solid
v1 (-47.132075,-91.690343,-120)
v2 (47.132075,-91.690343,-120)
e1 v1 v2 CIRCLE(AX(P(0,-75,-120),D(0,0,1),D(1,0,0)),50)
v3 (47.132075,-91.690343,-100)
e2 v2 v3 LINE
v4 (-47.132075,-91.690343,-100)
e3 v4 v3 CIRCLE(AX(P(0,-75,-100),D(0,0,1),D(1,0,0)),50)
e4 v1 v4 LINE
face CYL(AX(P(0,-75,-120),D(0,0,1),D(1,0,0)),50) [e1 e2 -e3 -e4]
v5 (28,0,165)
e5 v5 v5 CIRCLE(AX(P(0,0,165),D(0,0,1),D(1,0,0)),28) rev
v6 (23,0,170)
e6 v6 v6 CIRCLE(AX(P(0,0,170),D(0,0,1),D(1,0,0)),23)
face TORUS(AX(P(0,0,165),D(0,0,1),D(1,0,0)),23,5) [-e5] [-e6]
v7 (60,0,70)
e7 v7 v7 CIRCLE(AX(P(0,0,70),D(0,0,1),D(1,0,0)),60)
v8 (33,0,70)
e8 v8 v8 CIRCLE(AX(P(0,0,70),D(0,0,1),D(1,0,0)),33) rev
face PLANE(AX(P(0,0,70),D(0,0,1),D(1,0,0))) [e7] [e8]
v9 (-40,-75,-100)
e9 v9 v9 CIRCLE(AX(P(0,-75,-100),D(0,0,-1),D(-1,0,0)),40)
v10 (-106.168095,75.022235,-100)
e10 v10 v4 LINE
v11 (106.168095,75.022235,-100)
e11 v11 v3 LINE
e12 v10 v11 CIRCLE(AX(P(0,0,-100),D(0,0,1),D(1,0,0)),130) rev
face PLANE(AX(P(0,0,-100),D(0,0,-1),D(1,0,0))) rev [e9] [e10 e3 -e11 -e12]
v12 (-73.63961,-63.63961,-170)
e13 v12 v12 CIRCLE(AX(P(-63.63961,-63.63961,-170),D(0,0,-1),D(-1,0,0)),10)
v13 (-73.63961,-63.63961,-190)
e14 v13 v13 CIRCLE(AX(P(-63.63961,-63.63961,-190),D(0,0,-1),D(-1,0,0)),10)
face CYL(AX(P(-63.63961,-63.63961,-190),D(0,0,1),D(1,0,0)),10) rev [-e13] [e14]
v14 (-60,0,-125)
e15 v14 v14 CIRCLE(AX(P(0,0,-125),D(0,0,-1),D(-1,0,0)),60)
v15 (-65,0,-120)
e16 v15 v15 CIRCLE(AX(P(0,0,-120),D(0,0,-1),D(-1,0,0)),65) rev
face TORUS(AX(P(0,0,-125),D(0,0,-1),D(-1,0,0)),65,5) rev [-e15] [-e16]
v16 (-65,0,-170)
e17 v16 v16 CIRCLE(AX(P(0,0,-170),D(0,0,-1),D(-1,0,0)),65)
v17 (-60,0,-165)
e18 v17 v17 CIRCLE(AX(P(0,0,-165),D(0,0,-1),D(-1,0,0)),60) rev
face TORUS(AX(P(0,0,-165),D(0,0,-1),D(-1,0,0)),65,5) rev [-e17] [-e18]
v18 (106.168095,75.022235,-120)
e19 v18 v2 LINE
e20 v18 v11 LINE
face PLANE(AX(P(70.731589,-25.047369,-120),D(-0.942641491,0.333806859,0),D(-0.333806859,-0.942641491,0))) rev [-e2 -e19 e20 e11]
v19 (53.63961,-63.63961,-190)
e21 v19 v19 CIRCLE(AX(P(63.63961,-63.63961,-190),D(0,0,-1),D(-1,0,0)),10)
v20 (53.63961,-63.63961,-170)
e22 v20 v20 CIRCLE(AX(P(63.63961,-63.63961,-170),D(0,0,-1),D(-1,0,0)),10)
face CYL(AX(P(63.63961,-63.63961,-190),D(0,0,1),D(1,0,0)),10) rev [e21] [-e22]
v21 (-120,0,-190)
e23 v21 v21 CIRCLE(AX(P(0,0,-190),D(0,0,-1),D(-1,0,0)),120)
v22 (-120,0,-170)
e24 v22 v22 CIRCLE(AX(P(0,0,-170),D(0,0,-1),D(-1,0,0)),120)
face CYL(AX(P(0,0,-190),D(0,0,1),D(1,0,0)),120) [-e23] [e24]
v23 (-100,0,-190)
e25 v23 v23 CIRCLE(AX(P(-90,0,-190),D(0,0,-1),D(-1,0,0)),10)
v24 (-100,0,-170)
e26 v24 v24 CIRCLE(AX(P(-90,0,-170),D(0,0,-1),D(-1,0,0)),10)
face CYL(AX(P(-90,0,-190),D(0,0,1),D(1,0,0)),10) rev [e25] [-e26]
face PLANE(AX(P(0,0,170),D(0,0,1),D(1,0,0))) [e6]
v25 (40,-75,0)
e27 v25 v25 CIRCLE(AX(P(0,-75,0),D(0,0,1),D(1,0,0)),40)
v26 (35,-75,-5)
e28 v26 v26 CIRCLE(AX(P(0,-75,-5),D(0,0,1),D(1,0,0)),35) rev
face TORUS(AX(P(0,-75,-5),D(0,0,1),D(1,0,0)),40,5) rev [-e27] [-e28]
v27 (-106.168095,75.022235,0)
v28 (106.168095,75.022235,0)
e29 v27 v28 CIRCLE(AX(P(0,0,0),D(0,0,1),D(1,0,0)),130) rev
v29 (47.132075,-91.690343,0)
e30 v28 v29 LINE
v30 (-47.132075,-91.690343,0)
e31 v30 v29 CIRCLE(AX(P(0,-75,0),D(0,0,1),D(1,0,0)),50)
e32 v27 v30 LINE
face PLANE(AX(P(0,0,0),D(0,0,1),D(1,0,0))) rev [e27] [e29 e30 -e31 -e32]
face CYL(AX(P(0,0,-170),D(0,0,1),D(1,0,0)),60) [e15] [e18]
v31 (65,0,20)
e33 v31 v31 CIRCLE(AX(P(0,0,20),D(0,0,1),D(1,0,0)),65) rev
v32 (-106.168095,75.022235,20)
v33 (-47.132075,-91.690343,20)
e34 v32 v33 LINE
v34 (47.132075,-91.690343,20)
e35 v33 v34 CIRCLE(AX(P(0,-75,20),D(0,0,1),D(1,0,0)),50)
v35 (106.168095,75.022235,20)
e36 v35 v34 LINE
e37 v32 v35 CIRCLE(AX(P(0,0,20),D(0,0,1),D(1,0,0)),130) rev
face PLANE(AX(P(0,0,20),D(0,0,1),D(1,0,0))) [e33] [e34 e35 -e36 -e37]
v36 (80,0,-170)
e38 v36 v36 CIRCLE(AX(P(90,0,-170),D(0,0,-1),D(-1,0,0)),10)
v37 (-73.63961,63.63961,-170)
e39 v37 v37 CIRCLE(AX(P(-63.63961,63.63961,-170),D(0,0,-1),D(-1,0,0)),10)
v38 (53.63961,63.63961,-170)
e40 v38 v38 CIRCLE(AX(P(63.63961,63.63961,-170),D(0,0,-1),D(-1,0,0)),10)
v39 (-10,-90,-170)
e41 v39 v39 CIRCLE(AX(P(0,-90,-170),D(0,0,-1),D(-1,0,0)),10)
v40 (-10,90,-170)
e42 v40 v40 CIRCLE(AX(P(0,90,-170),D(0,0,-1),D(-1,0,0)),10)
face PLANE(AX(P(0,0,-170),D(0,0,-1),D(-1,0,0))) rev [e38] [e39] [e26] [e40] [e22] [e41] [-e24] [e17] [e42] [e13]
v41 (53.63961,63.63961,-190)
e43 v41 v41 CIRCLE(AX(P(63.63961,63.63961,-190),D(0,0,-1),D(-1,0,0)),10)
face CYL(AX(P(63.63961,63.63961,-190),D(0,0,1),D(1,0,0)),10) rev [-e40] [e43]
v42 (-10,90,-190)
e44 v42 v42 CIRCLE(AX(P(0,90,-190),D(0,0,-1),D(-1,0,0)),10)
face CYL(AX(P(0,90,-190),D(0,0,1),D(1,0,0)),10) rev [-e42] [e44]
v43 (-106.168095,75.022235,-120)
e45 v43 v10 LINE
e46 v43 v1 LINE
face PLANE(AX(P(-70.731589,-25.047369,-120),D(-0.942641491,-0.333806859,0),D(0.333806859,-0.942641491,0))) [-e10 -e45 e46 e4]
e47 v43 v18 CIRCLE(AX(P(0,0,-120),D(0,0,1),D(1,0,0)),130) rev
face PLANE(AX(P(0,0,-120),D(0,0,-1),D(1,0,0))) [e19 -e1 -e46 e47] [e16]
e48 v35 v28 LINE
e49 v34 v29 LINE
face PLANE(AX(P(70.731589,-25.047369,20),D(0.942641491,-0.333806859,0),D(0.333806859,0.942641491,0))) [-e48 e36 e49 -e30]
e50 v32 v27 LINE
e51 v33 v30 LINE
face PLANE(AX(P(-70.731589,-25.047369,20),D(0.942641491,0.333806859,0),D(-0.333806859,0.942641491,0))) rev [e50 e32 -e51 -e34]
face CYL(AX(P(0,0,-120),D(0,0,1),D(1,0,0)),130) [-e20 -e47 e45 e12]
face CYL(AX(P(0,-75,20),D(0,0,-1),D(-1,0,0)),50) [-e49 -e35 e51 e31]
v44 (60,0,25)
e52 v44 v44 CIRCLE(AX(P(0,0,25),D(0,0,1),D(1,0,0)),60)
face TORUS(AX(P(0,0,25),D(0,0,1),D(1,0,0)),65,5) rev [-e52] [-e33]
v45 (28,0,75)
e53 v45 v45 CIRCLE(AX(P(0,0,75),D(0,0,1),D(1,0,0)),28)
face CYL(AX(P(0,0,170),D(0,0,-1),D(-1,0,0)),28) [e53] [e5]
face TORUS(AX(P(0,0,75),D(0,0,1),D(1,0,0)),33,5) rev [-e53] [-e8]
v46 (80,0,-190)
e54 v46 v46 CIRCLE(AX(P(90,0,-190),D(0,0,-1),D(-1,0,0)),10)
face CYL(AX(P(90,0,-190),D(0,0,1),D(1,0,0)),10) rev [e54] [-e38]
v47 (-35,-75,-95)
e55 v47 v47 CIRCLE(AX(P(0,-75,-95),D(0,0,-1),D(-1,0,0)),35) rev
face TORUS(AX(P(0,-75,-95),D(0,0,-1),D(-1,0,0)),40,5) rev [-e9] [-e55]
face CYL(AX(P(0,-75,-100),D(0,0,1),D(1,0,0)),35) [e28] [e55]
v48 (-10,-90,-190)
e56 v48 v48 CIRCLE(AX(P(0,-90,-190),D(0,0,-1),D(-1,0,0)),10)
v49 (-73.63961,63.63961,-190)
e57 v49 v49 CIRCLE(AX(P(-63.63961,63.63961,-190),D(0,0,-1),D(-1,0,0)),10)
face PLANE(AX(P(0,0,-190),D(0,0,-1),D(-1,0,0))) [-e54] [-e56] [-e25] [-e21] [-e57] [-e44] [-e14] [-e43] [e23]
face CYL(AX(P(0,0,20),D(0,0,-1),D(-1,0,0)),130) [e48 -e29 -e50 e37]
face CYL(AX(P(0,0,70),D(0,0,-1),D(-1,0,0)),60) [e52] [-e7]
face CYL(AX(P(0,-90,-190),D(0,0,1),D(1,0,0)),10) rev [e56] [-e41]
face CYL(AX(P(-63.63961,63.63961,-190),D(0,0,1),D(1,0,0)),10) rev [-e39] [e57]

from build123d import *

# Parameters (mm, degrees)
SKETCH_1_R      = 50
EXTRUDE_1_DEPTH = 20
SKETCH_2_R      = 35
EXTRUDE_2_DEPTH = 100
SKETCH_3_R      = 60
EXTRUDE_3_DEPTH = 50
SKETCH_5_R      = 28
EXTRUDE_4_DEPTH = 100
SKETCH_7_R      = 120
SKETCH_7_R_2    = 10
EXTRUDE_5_DEPTH = 20
FILLET_1_R      = 5


with BuildPart() as part:
    # 草图1 → 凸台-拉伸1 (new body)
    with BuildSketch(Plane.XY):
        with BuildLine():
            ThreePointArc((106.16809457, 75.022234674), (0, 130), (-106.16809457, 75.022234674))
            Line((-106.16809457, 75.022234674), (-47.132074555, -91.690342962))
            ThreePointArc((-47.132074555, -91.690342962), (-8.467475192, -25.722197047), (50, -75))
            ThreePointArc((50, -75), (49.277802953, -83.467475192), (47.132074555, -91.690342962))
            Line((47.132074555, -91.690342962), (106.16809457, 75.022234674))
        make_face()
        with Locations((0, -75)):
            Circle(SKETCH_1_R)
    extrude_1 = extrude(amount=EXTRUDE_1_DEPTH)

    # 草图2 → 凸台-拉伸2 (add)
    with BuildSketch(Plane(origin=(0, 0, 0), x_dir=(-1, 0, 0), z_dir=(0, 0, -1))):
        with Locations((0, -75)):
            Circle(SKETCH_2_R)
    extrude(amount=EXTRUDE_2_DEPTH)

    # 草图3 → 凸台-拉伸3 (add)
    with BuildSketch(Plane.XY.offset(20)):
        Circle(SKETCH_3_R)
    extrude_3 = extrude(amount=EXTRUDE_3_DEPTH)

    # 镜向1: 凸台-拉伸1, 凸台-拉伸3 across plane
    add(extrude_1.mirror(Plane(origin=(0, 0, -50), x_dir=(1, 0, 0), z_dir=(0, 0, -1))))
    add(extrude_3.mirror(Plane(origin=(0, 0, -50), x_dir=(1, 0, 0), z_dir=(0, 0, -1))))

    # 草图5 → 凸台-拉伸4 (add)
    with BuildSketch(Plane.XY.offset(70)):
        Circle(SKETCH_5_R)
    extrude(amount=EXTRUDE_4_DEPTH)

    # 草图7 → 凸台-拉伸5 (add)
    with BuildSketch(Plane(origin=(0, 0, -170), x_dir=(-1, 0, 0), z_dir=(0, 0, -1))):
        Circle(SKETCH_7_R)
        with Locations((0, 90)):
            Circle(SKETCH_7_R_2, mode=Mode.SUBTRACT)
        with Locations((63.639610307, 63.639610307)):
            Circle(SKETCH_7_R_2, mode=Mode.SUBTRACT)
        with Locations((90, 0)):
            Circle(SKETCH_7_R_2, mode=Mode.SUBTRACT)
        with Locations((63.639610307, -63.639610307)):
            Circle(SKETCH_7_R_2, mode=Mode.SUBTRACT)
        with Locations((0, -90)):
            Circle(SKETCH_7_R_2, mode=Mode.SUBTRACT)
        with Locations((-63.639610307, -63.639610307)):
            Circle(SKETCH_7_R_2, mode=Mode.SUBTRACT)
        with Locations((-90, 0)):
            Circle(SKETCH_7_R_2, mode=Mode.SUBTRACT)
        with Locations((-63.639610307, 63.639610307)):
            Circle(SKETCH_7_R_2, mode=Mode.SUBTRACT)
    extrude(amount=EXTRUDE_5_DEPTH)

    # 圆角1
    fillet_1_edges = [part.edges().sort_by_distance(p)[0] for p in [
        (35, -75, 0),
        (35, -75, -100),
        (-60, 0, 20),
        (-60, 0, -120),
        (-28, 0, 70),
        (-28, 0, 170),
        (-60, 0, -170),
    ]]
    fillet(fillet_1_edges, radius=FILLET_1_R)


solid = part.part
